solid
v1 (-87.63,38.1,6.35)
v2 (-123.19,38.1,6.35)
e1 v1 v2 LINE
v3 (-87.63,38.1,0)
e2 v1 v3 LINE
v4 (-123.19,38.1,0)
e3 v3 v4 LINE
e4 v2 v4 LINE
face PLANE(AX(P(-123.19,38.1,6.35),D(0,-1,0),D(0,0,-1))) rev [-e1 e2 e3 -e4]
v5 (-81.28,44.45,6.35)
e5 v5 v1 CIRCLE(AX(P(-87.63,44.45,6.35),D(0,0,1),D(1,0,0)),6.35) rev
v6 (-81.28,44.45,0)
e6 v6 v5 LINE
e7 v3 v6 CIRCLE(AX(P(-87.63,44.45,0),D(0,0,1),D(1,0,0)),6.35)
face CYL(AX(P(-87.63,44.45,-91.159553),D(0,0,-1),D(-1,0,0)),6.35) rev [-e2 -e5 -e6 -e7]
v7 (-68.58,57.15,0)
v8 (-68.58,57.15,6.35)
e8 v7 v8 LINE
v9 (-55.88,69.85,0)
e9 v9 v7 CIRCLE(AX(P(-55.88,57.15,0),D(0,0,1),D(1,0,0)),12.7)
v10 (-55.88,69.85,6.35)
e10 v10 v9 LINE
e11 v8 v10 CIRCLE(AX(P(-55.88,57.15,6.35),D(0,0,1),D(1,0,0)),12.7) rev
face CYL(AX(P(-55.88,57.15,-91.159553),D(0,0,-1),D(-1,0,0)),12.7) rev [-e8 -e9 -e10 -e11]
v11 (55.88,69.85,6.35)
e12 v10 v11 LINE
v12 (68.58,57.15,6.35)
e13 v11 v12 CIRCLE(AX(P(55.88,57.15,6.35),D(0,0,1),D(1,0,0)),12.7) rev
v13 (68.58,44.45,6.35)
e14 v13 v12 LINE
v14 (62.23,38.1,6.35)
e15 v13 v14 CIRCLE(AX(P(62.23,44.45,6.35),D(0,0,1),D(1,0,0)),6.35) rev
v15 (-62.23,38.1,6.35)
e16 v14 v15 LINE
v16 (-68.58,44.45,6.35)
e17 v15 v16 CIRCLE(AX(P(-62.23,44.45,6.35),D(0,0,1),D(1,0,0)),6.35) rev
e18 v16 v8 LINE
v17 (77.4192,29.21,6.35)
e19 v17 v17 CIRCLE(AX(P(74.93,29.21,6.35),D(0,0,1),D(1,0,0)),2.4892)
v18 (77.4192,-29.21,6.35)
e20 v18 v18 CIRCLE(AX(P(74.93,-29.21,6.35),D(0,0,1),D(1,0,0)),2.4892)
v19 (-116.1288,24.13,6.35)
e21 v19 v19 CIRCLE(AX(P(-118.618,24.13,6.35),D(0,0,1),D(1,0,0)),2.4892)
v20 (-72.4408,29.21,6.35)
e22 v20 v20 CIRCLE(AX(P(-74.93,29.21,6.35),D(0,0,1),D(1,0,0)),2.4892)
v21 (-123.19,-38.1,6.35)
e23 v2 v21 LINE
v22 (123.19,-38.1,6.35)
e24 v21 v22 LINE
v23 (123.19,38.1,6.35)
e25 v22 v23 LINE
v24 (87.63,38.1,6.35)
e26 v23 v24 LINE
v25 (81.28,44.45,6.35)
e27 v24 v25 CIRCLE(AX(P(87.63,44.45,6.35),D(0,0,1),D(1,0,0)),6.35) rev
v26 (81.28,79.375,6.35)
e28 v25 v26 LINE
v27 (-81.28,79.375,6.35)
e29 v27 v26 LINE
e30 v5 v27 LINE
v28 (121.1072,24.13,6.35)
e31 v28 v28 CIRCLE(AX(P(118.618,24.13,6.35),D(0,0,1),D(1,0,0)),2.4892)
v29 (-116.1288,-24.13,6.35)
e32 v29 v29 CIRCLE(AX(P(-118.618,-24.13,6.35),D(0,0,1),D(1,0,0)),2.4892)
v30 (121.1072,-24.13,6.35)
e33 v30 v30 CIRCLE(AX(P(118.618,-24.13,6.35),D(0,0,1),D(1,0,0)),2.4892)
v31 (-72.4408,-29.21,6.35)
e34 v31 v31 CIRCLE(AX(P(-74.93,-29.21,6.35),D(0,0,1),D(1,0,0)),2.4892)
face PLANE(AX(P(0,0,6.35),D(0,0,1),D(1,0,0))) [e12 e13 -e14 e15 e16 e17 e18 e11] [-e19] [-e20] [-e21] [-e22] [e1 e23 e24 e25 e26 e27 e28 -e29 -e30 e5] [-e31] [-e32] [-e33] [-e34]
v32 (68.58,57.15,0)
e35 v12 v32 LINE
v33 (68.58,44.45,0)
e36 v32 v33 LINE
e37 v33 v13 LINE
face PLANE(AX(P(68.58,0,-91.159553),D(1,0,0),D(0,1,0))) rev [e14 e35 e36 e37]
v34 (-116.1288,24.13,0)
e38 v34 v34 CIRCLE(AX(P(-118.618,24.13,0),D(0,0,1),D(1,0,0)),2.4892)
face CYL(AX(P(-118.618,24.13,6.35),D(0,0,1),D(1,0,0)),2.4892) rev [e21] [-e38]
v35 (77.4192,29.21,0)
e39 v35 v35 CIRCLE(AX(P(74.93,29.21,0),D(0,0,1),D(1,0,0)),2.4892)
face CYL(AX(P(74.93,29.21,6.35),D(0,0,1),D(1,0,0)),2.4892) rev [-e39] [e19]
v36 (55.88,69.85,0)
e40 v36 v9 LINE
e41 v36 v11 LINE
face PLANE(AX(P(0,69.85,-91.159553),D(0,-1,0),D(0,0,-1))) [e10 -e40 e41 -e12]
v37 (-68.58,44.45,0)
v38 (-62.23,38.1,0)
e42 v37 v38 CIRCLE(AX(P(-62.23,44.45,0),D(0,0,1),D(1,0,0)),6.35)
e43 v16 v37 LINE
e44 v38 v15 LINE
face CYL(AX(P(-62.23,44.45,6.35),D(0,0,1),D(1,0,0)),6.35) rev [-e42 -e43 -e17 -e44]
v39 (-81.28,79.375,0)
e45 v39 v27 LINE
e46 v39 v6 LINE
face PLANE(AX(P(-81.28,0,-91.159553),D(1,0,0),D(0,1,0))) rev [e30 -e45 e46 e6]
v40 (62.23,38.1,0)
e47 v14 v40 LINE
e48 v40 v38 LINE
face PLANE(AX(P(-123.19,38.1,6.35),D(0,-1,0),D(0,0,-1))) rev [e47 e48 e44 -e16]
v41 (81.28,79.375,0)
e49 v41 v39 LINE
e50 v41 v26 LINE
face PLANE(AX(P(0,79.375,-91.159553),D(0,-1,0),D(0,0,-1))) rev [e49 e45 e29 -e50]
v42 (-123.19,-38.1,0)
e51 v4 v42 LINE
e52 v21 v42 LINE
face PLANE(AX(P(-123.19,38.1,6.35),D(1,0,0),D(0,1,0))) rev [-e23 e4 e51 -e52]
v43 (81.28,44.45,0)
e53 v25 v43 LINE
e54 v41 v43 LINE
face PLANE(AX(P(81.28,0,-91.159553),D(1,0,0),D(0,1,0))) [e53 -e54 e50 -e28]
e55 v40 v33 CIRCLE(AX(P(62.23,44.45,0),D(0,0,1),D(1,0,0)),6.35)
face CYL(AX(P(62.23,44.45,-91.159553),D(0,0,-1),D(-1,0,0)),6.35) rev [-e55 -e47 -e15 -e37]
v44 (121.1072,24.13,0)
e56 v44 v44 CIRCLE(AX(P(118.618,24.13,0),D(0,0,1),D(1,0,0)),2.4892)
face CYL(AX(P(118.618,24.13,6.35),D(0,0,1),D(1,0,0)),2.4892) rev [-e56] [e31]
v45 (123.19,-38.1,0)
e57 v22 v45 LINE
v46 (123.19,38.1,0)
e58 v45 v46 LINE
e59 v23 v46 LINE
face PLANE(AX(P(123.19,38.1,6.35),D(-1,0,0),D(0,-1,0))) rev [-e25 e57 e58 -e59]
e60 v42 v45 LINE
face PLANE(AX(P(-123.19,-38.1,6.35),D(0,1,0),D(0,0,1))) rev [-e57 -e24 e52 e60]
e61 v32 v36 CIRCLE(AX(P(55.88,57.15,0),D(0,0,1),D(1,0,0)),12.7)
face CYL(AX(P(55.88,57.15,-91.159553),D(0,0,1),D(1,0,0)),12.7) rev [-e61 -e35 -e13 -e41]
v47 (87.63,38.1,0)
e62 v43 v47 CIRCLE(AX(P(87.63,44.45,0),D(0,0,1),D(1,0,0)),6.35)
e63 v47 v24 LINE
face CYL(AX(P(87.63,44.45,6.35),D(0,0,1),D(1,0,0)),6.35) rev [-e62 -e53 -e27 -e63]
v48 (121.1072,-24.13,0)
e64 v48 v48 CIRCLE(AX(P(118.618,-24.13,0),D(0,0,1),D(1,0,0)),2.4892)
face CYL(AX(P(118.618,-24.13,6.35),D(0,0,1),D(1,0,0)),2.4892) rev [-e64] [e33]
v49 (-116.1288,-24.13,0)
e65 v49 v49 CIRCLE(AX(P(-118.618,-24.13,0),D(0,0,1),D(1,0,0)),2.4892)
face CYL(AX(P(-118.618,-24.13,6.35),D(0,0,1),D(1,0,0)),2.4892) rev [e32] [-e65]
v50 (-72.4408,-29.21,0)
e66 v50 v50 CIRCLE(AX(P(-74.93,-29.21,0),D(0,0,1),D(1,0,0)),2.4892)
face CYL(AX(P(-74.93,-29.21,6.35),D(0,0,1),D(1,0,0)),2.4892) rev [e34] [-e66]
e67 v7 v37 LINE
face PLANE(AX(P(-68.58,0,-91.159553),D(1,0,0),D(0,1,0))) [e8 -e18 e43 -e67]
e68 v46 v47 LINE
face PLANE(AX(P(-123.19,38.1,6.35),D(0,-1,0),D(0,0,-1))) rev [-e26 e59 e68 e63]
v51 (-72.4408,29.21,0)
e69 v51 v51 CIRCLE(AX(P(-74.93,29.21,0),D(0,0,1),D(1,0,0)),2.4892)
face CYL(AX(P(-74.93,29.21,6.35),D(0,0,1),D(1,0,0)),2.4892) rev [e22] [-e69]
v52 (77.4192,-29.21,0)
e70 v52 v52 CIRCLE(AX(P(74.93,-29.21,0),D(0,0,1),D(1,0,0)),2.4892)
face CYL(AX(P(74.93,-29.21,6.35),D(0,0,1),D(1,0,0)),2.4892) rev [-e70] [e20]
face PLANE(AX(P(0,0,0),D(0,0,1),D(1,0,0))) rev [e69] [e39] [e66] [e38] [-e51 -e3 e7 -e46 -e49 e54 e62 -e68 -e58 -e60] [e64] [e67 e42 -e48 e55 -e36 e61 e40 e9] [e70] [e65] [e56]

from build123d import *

# Parameters (mm, degrees)
SKETCH1_W              = 246.38
SKETCH1_H              = 76.2
BOSS_EXTRUDE1_DEPTH    = 6.35
F_10_CLEARANCE_HOLE1_D = 4.9784
BOSS_EXTRUDE2_DEPTH    = 6.35
FILLET1_R              = 12.7
FILLET1_OF_MIRROR1_R   = 12.7
FILLET2_R              = 6.35
FILLET3_R              = 6.35


with BuildPart() as part:
    # Sketch1 → Boss-Extrude1 (new body)
    with BuildSketch(Plane.XY):
        Rectangle(SKETCH1_W, SKETCH1_H)
    extrude(amount=BOSS_EXTRUDE1_DEPTH)

    # #10 Clearance Hole1 (through all)
    with Locations(Plane.XY.offset(6.35)):
        with Locations((-74.93, 29.21), (-74.93, -29.21), (74.93, 29.21), (74.93, -29.21), (-118.618, 24.13), (-118.618, -24.13), (118.618, 24.13), (118.618, -24.13)):
            Hole(F_10_CLEARANCE_HOLE1_D / 2)

    # Sketch5 → Boss-Extrude2 (add)
    with BuildSketch(Plane.XY.offset(6.35)):
        Polygon((-81.28, 47.271427301), (-81.28, 38.1), (-68.58, 38.1), (-68.58, 69.85), (-81.28, 69.85), align=None)
        Polygon((-81.28, 69.85), (-68.58, 69.85), (0, 69.85), (0, 79.375), (-81.28, 79.375), align=None)
    boss_extrude2 = extrude(amount=-BOSS_EXTRUDE2_DEPTH)

    # Fillet1
    fillet1_edges = [part.edges().sort_by_distance(p)[0] for p in [
        (-68.58, 69.85, 3.175),
    ]]
    fillet(fillet1_edges, radius=FILLET1_R)

    # Mirror1: Boss-Extrude2 across plane
    add(boss_extrude2.mirror(Plane(origin=(0, 0, 0), x_dir=(0, 0, 1), z_dir=(1, 0, 0))))

    # Fillet1 of Mirror1
    fillet1_of_mirror1_edges = [part.edges().sort_by_distance(p)[0] for p in [
        (68.58, 69.85, 3.175),
    ]]
    fillet(fillet1_of_mirror1_edges, radius=FILLET1_OF_MIRROR1_R)

    # Fillet2
    fillet2_edges = [part.edges().sort_by_distance(p)[0] for p in [
        (68.58, 38.1, 3.175),
        (-68.58, 38.1, 3.175),
    ]]
    fillet(fillet2_edges, radius=FILLET2_R)

    # Fillet3
    fillet3_edges = [part.edges().sort_by_distance(p)[0] for p in [
        (81.28, 38.1, 3.175),
        (-81.28, 38.1, 3.175),
    ]]
    fillet(fillet3_edges, radius=FILLET3_R)


solid = part.part
